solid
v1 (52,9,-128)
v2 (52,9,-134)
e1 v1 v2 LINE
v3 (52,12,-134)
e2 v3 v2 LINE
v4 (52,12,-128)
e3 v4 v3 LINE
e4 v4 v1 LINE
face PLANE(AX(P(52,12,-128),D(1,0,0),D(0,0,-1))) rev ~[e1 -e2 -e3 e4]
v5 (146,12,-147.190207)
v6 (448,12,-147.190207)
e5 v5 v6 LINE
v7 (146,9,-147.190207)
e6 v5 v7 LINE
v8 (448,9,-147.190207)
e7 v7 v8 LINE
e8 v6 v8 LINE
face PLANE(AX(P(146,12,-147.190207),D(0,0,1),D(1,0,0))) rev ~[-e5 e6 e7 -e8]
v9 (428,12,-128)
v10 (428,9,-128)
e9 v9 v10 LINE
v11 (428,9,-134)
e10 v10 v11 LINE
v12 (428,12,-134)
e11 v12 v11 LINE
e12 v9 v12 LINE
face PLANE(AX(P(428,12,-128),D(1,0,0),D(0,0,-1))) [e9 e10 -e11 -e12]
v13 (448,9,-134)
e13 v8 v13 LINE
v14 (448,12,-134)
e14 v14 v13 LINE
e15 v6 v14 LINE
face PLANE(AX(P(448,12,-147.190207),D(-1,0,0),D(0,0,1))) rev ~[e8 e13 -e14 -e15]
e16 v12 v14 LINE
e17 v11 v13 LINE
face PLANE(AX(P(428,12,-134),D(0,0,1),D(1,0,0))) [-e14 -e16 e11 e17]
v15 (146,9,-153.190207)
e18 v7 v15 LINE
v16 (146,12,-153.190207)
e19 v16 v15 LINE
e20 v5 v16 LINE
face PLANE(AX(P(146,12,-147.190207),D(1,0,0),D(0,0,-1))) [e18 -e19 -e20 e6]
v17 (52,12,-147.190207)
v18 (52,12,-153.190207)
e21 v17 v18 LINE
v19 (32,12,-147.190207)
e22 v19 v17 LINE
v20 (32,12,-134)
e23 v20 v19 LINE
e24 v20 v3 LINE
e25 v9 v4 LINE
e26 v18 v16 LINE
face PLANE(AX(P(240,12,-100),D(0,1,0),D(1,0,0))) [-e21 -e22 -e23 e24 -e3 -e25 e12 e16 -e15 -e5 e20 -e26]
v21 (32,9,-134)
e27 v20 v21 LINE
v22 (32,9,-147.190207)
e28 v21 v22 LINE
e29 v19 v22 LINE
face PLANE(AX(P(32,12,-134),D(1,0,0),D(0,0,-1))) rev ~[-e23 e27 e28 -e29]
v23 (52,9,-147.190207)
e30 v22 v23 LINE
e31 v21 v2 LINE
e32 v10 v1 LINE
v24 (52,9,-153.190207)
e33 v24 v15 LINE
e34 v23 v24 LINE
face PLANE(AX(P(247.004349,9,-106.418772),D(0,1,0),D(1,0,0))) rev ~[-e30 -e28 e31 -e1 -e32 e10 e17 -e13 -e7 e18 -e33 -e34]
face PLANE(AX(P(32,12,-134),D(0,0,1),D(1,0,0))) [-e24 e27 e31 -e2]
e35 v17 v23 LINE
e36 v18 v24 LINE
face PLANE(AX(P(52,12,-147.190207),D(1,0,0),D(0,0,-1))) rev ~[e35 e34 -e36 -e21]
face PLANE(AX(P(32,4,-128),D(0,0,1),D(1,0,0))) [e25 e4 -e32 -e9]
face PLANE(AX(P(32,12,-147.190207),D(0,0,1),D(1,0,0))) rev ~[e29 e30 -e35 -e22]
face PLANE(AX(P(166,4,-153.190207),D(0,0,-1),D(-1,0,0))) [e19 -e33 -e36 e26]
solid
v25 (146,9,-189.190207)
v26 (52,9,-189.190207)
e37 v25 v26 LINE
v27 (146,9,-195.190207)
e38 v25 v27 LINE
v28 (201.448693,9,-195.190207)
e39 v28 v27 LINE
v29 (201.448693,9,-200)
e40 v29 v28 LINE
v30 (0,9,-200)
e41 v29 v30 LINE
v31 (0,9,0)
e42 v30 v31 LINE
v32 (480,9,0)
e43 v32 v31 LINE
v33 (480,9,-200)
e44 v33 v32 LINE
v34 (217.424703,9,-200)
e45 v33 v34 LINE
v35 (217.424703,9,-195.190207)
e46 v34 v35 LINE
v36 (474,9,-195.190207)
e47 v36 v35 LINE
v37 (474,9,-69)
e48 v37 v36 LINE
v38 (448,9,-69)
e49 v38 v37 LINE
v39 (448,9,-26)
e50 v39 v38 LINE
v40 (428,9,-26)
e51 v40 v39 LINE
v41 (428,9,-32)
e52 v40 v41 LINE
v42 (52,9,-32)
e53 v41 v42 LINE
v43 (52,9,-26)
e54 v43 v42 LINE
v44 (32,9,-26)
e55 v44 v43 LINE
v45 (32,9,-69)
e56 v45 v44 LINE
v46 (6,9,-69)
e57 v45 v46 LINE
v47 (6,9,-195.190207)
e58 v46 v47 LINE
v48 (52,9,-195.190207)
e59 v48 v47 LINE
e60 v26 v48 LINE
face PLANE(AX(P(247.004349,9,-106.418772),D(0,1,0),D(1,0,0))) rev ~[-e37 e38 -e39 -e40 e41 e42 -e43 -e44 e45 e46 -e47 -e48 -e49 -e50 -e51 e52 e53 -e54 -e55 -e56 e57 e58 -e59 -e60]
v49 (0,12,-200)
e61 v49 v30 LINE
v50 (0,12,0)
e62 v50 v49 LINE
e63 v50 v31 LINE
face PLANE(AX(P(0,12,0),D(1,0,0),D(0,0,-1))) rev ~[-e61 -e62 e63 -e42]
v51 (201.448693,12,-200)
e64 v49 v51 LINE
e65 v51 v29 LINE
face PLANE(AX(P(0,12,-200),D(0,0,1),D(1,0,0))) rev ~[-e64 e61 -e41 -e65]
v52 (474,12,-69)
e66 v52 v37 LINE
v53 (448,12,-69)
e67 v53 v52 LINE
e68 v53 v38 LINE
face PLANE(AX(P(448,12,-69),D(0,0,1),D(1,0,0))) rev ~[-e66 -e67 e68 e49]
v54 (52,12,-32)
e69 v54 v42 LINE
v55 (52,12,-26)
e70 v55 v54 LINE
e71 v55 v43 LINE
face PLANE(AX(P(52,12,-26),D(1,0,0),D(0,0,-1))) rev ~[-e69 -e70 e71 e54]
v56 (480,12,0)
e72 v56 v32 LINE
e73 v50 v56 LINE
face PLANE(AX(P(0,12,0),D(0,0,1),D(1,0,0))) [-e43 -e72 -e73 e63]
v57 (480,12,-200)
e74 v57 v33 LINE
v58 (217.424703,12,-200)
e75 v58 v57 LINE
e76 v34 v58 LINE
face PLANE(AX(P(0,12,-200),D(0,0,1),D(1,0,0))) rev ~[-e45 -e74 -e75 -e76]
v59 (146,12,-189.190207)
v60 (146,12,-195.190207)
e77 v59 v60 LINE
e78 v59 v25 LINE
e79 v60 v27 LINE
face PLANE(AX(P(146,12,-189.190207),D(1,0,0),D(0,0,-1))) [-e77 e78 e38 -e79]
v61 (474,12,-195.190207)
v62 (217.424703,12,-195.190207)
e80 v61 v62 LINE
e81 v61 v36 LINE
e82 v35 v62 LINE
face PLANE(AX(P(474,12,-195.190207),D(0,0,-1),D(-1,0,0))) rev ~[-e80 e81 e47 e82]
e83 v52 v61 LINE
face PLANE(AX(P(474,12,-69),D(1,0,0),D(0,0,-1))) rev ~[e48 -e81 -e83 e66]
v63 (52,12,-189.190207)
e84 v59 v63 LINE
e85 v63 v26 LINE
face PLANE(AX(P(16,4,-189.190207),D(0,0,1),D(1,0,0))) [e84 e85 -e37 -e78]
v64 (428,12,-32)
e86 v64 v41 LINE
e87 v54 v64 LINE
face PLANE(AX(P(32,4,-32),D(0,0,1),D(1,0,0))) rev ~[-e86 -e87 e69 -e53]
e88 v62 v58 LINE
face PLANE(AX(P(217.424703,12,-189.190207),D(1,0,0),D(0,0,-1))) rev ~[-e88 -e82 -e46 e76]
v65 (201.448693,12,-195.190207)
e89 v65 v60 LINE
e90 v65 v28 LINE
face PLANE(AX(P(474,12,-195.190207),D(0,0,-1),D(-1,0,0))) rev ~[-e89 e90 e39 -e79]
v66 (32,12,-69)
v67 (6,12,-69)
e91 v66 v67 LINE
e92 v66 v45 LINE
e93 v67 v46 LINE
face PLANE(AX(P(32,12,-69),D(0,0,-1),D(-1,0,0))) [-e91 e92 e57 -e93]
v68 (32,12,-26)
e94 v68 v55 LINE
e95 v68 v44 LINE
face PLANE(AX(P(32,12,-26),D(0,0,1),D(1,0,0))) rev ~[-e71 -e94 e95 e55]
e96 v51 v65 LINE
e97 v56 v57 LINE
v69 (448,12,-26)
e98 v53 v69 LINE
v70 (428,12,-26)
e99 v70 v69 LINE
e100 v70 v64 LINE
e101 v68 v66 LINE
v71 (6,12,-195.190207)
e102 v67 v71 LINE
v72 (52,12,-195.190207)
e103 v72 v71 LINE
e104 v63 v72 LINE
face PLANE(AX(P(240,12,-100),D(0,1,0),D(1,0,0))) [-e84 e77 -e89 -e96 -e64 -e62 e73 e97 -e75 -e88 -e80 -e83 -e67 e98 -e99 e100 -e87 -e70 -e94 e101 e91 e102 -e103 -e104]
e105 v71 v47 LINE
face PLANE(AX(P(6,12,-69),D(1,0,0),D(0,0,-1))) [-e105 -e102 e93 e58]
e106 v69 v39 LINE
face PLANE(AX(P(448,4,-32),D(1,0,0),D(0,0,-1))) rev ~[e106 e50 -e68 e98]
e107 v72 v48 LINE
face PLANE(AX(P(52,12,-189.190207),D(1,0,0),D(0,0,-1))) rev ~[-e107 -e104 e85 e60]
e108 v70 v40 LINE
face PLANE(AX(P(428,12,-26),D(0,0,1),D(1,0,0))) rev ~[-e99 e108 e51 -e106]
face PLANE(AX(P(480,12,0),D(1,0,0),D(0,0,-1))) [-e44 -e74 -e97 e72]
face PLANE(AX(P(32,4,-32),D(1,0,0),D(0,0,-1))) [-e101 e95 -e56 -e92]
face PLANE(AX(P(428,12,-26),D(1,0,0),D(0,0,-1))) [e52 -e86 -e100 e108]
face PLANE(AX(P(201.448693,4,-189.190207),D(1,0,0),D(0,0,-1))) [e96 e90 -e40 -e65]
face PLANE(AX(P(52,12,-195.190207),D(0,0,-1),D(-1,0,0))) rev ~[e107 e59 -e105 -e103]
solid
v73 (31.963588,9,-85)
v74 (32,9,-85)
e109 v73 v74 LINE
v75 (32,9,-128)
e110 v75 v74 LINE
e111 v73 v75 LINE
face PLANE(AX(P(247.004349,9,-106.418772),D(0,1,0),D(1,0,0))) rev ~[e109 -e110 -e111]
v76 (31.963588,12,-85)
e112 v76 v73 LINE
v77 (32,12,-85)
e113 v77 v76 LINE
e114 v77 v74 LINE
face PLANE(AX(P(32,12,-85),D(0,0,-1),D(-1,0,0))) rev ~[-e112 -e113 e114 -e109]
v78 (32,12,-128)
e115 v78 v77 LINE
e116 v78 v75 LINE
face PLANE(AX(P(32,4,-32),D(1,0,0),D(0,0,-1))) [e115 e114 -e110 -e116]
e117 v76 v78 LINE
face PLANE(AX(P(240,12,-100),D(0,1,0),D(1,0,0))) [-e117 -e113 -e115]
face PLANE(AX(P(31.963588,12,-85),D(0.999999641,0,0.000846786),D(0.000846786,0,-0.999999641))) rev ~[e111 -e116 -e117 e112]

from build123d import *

# Parameters (mm, degrees)
CROQUIS1_W              = 486.2
CROQUIS1_H              = 206.2
CROQUIS1_W_2            = 480
CROQUIS1_H_2            = 200
SALIENTE_EXTRUIR1_DEPTH = 12
CROQUIS3_W              = 486.2
CROQUIS3_H              = 206.2
CROQUIS3_W_2            = 480
CROQUIS3_H_2            = 200
CORTAR_EXTRUIR1_DEPTH   = 5
CORTAR_EXTRUIR3_DEPTH   = 8
CROQUIS4_W              = 20
CROQUIS4_H              = 6
CORTAR_EXTRUIR4_DEPTH   = 3
CORTAR_EXTRUIR5_DEPTH   = 2
CROQUIS7_W              = 721.947089947
CROQUIS7_H              = 359.419856831
CORTAR_EXTRUIR6_DEPTH   = 10
CROQUIS8_W              = 416
CROQUIS8_H              = 96
CORTAR_EXTRUIR7_DEPTH   = 10
CROQUIS9_W              = 531.904745737
CROQUIS9_H              = 246.353411826
CORTAR_EXTRUIR8_DEPTH   = 10


with BuildPart() as part:
    # Croquis1 → Saliente-Extruir1 (new body)
    with BuildSketch(Plane(origin=(0, 0, 0), x_dir=(1, 0, 0), z_dir=(0, 1, 0))):
        with Locations((240, 100)):
            Rectangle(CROQUIS1_W, CROQUIS1_H)
        with Locations((240, 100)):
            Rectangle(CROQUIS1_W_2, CROQUIS1_H_2, mode=Mode.SUBTRACT)
        with Locations((240, 100)):
            Rectangle(CROQUIS1_W_2, CROQUIS1_H_2)
    extrude(amount=SALIENTE_EXTRUIR1_DEPTH)

    # Croquis3 → Cortar-Extruir1 (cut)
    with BuildSketch(Plane(origin=(0, 12, 0), x_dir=(1, 0, 0), z_dir=(0, 1, 0))):
        with Locations((240, 100)):
            Rectangle(CROQUIS3_W, CROQUIS3_H)
        with Locations((240, 100)):
            Rectangle(CROQUIS3_W_2, CROQUIS3_H_2, mode=Mode.SUBTRACT)
    extrude(amount=-CORTAR_EXTRUIR1_DEPTH, mode=Mode.SUBTRACT)

    # Croquis2 → Cortar-Extruir3 (cut)
    with BuildSketch(Plane(origin=(0, 12, 0), x_dir=(1, 0, 0), z_dir=(0, 1, 0))):
        with BuildLine():
            ThreePointArc((16, 189.1902066), (13.171572875, 188.018633725), (12, 185.1902066))
            Line((12, 185.1902066), (12, 78))
            ThreePointArc((12, 78), (12.878679656, 75.878679656), (15, 75))
            Line((15, 75), (32, 75))
            Line((32, 75), (32, 32))
            Line((32, 32), (448, 32))
            Line((448, 32), (448, 75))
            Line((448, 75), (464, 75))
            ThreePointArc((464, 75), (466.828427125, 76.171572875), (468, 79))
            Line((468, 79), (468, 185.1902066))
            ThreePointArc((468, 185.1902066), (466.828427125, 188.018633725), (464, 189.1902066))
            Line((464, 189.1902066), (217.424703227, 189.1902066))
            Line((217.424703227, 189.1902066), (217.424703227, 203.1))
            Line((217.424703227, 203.1), (201.44869327, 203.1))
            Line((201.44869327, 203.1), (201.44869327, 189.1902066))
            Line((201.44869327, 189.1902066), (16, 189.1902066))
        make_face()
        with BuildLine():
            Line((32, 85), (31.963588191, 85))
            ThreePointArc((31.963588191, 85), (24.892520379, 87.928932188), (21.963588191, 95))
            Line((21.963588191, 95), (21.963588191, 175.1902066))
            ThreePointArc((21.963588191, 175.1902066), (23.135161066, 178.018633725), (25.963588191, 179.1902066))
            Line((25.963588191, 179.1902066), (28, 179.1902066))
            ThreePointArc((28, 179.1902066), (30.828427125, 178.018633725), (32, 175.1902066))
            Line((32, 175.1902066), (32, 153.1902066))
            Line((32, 153.1902066), (166, 153.1902066))
            Line((166, 153.1902066), (166, 175.1902066))
            ThreePointArc((166, 175.1902066), (167.171572875, 178.018633725), (170, 179.1902066))
            Line((170, 179.1902066), (448.036411809, 179.1902066))
            ThreePointArc((448.036411809, 179.1902066), (455.107479621, 176.261274412), (458.036411809, 169.1902066))
            Line((458.036411809, 169.1902066), (458.036411809, 135.000000034))
            Line((458.036411809, 135.000000034), (458.803569043, 95.19268186))
            ThreePointArc((458.803569043, 95.19268186), (455.944291637, 87.997386866), (448.80542553, 85))
            Line((448.80542553, 85), (448, 85))
            Line((448, 85), (448, 128))
            Line((448, 128), (32, 128))
            Line((32, 128), (32, 85))
        make_face(mode=Mode.SUBTRACT)
    extrude(amount=-CORTAR_EXTRUIR3_DEPTH, mode=Mode.SUBTRACT)

    # Croquis4 → Cortar-Extruir4 (cut)
    with BuildSketch(Plane(origin=(0, 12, 0), x_dir=(1, 0, 0), z_dir=(0, 1, 0))):
        with BuildLine():
            Line((31.963588191, 85), (32, 128))
            Line((32, 128), (32, 134))
            Line((32, 134), (32, 147.1902066))
            Line((32, 147.1902066), (32, 153.1902066))
            Line((32, 153.1902066), (32, 175.1902066))
            ThreePointArc((32, 175.1902066), (30.828427125, 178.018633725), (28, 179.1902066))
            Line((28, 179.1902066), (25.963588191, 179.1902066))
            ThreePointArc((25.963588191, 179.1902066), (23.135161066, 178.018633725), (21.963588191, 175.1902066))
            Line((21.963588191, 175.1902066), (21.963588191, 95))
            ThreePointArc((21.963588191, 95), (24.892520379, 87.928932188), (31.963588191, 85))
        make_face()
        with Locations((42, 131)):
            Rectangle(CROQUIS4_W, CROQUIS4_H)
        with Locations((42, 150.1902066)):
            Rectangle(CROQUIS4_W, CROQUIS4_H)
        with BuildLine():
            ThreePointArc((12, 78), (12.878679656, 75.878679656), (15, 75))
            Line((15, 75), (32, 75))
            Line((32, 75), (32, 69))
            Line((32, 69), (6, 69))
            Line((6, 69), (6, 80))
            Line((6, 80), (6, 195.1902066))
            Line((6, 195.1902066), (16, 195.1902066))
            Line((16, 195.1902066), (32, 195.1902066))
            Line((32, 195.1902066), (32, 189.1902066))
            Line((32, 189.1902066), (16, 189.1902066))
            ThreePointArc((16, 189.1902066), (13.171572875, 188.018633725), (12, 185.1902066))
            Line((12, 185.1902066), (12, 80))
            Line((12, 80), (12, 78))
        make_face()
        with Locations((42, 192.1902066)):
            Rectangle(CROQUIS4_W, CROQUIS4_H)
        with Locations((42, 29)):
            Rectangle(CROQUIS4_W, CROQUIS4_H)
        with Locations((156, 192.1902066)):
            Rectangle(CROQUIS4_W, CROQUIS4_H)
        with Locations((156, 150.1902066)):
            Rectangle(CROQUIS4_W, CROQUIS4_H)
        with BuildLine():
            Line((166, 147.1902066), (448, 147.1902066))
            Line((448, 147.1902066), (458.036411809, 147.1902066))
            Line((458.036411809, 147.1902066), (458.036411809, 169.1902066))
            ThreePointArc((458.036411809, 169.1902066), (455.107479621, 176.261274412), (448.036411809, 179.1902066))
            Line((448.036411809, 179.1902066), (170, 179.1902066))
            ThreePointArc((170, 179.1902066), (167.171572875, 178.018633725), (166, 175.1902066))
            Line((166, 175.1902066), (166, 153.1902066))
            Line((166, 153.1902066), (166, 147.1902066))
        make_face()
        with BuildLine():
            Line((458.036411809, 169.1902066), (458.036411809, 147.1902066))
            Line((458.036411809, 147.1902066), (474, 147.1902066))
            Line((474, 147.1902066), (474, 195.1902066))
            Line((474, 195.1902066), (166, 195.1902066))
            Line((166, 195.1902066), (166, 189.1902066))
            Line((166, 189.1902066), (166, 175.1902066))
            ThreePointArc((166, 175.1902066), (167.171572875, 178.018633725), (170, 179.1902066))
            Line((170, 179.1902066), (448.036411809, 179.1902066))
            ThreePointArc((448.036411809, 179.1902066), (455.107479621, 176.261274412), (458.036411809, 169.1902066))
        make_face()
        with BuildLine():
            Line((448.80542553, 85), (448, 85))
            Line((448, 85), (448, 69))
            Line((448, 69), (474, 69))
            Line((474, 69), (474, 147.1902066))
            Line((474, 147.1902066), (458.036411809, 147.1902066))
            Line((458.036411809, 147.1902066), (458.036411809, 135.000000034))
            Line((458.036411809, 135.000000034), (458.803569043, 95.19268186))
            ThreePointArc((458.803569043, 95.19268186), (455.944291637, 87.997386866), (448.80542553, 85))
        make_face()
        with Locations((438, 131)):
            Rectangle(CROQUIS4_W, CROQUIS4_H)
        with Locations((438, 29)):
            Rectangle(CROQUIS4_W, CROQUIS4_H)
        with BuildLine():
            Line((448, 134), (448, 128))
            Line((448, 128), (448, 85))
            Line((448, 85), (448.80542553, 85))
            ThreePointArc((448.80542553, 85), (455.944291637, 87.997386866), (458.803569043, 95.19268186))
            Line((458.803569043, 95.19268186), (458.036411809, 135.000000034))
            Line((458.036411809, 135.000000034), (458.036411809, 147.1902066))
            Line((458.036411809, 147.1902066), (448, 147.1902066))
            Line((448, 147.1902066), (448, 134))
        make_face()
    extrude(amount=-CORTAR_EXTRUIR4_DEPTH, mode=Mode.SUBTRACT)

    # Croquis5 → Cortar-Extruir5 (cut)
    with BuildSketch(Plane(origin=(0, 4, 0), x_dir=(1, 0, 0), z_dir=(0, 1, 0))):
        with BuildLine():
            Line((32.046028397, 84.926485337), (32, 75))
            Line((32, 75), (15, 75))
            ThreePointArc((15, 75), (12.878679656, 75.878679656), (12, 78))
            Line((12, 78), (12, 185.1902066))
            ThreePointArc((12, 185.1902066), (13.171572875, 188.018633725), (16, 189.1902066))
            Line((16, 189.1902066), (201.44869327, 189.1902066))
            Line((201.44869327, 189.1902066), (201.44869327, 203.1))
            Line((201.44869327, 203.1), (217.424703227, 203.1))
            Line((217.424703227, 203.1), (217.424703227, 189.1902066))
            Line((217.424703227, 189.1902066), (464, 189.1902066))
            ThreePointArc((464, 189.1902066), (466.828427125, 188.018633725), (468, 185.1902066))
            Line((468, 185.1902066), (468, 79))
            ThreePointArc((468, 79), (466.828427125, 76.171572875), (464, 75))
            Line((464, 75), (448, 75))
            Line((448, 75), (448, 85))
            Line((448, 85), (448.80542553, 85))
            ThreePointArc((448.80542553, 85), (455.917657262, 88.023512896), (458.803569043, 95.19268186))
            Line((458.803569043, 95.19268186), (458.036411809, 169.1902066))
            ThreePointArc((458.036411809, 169.1902066), (455.107479621, 176.261274412), (448.036411809, 179.1902066))
            Line((448.036411809, 179.1902066), (170, 179.1902066))
            ThreePointArc((170, 179.1902066), (167.171572875, 178.018633725), (166, 175.1902066))
            Line((166, 175.1902066), (166, 153.1902066))
            Line((166, 153.1902066), (32, 153.1902066))
            Line((32, 153.1902066), (32, 175.1902066))
            ThreePointArc((32, 175.1902066), (30.828427125, 178.018633725), (28, 179.1902066))
            Line((28, 179.1902066), (25.963588191, 179.1902066))
            ThreePointArc((25.963588191, 179.1902066), (23.135161066, 178.018633725), (21.963588191, 175.1902066))
            Line((21.963588191, 175.1902066), (21.963588191, 95))
            ThreePointArc((21.963588191, 95), (24.91720844, 87.873793117), (32.046028397, 84.926485337))
        make_face()
    extrude(amount=-CORTAR_EXTRUIR5_DEPTH, mode=Mode.SUBTRACT)

    # Croquis7 → Cortar-Extruir6 (cut)
    with BuildSketch(Plane(origin=(0, 2, 0), x_dir=(1, 0, 0), z_dir=(0, 1, 0))):
        with Locations((149.368191722, 161.470369199)):
            Rectangle(CROQUIS7_W, CROQUIS7_H)
    extrude(amount=-CORTAR_EXTRUIR6_DEPTH, mode=Mode.SUBTRACT)

    # Croquis8 → Cortar-Extruir7 (cut)
    with BuildSketch(Plane(origin=(0, 4, 0), x_dir=(1, 0, 0), z_dir=(0, 1, 0))):
        with Locations((240, 80)):
            Rectangle(CROQUIS8_W, CROQUIS8_H)
    extrude(amount=-CORTAR_EXTRUIR7_DEPTH, mode=Mode.SUBTRACT)


with BuildPart() as cortar_extruir7_piece_1:
    # of the separate pieces the step leaves, piece 1, a body of its own (cortar_extruir7_pieces)
    add(part.part.solids().sort_by_distance((483.1, 2, 3.1))[0])


with BuildPart() as cortar_extruir7_piece_2:
    # of the separate pieces the step leaves, piece 2, a body of its own (cortar_extruir7_pieces)
    add(part.part.solids().sort_by_distance((32, 2, -128))[0])


with BuildPart() as cortar_extruir8_tool:
    # Croquis9 → Cortar-Extruir8 (new body)
    with BuildSketch(Plane(origin=(0, 9, 0), x_dir=(1, 0, 0), z_dir=(0, 1, 0))):
        with Locations((247.004349215, 106.418772052)):
            Rectangle(CROQUIS9_W, CROQUIS9_H)
    extrude(amount=-CORTAR_EXTRUIR8_DEPTH)


with BuildPart() as cortar_extruir7_piece_1_1:
    add(cortar_extruir7_piece_1.part)

    # Cortar-Extruir8: cut by cortar_extruir8_tool
    add(cortar_extruir8_tool.part, mode=Mode.SUBTRACT)


with BuildPart() as cortar_extruir7_piece_2_1:
    add(cortar_extruir7_piece_2.part)

    # Cortar-Extruir8: cut by cortar_extruir8_tool
    add(cortar_extruir8_tool.part, mode=Mode.SUBTRACT)


solid = Compound([cortar_extruir7_piece_1_1.part, cortar_extruir7_piece_2_1.part])
